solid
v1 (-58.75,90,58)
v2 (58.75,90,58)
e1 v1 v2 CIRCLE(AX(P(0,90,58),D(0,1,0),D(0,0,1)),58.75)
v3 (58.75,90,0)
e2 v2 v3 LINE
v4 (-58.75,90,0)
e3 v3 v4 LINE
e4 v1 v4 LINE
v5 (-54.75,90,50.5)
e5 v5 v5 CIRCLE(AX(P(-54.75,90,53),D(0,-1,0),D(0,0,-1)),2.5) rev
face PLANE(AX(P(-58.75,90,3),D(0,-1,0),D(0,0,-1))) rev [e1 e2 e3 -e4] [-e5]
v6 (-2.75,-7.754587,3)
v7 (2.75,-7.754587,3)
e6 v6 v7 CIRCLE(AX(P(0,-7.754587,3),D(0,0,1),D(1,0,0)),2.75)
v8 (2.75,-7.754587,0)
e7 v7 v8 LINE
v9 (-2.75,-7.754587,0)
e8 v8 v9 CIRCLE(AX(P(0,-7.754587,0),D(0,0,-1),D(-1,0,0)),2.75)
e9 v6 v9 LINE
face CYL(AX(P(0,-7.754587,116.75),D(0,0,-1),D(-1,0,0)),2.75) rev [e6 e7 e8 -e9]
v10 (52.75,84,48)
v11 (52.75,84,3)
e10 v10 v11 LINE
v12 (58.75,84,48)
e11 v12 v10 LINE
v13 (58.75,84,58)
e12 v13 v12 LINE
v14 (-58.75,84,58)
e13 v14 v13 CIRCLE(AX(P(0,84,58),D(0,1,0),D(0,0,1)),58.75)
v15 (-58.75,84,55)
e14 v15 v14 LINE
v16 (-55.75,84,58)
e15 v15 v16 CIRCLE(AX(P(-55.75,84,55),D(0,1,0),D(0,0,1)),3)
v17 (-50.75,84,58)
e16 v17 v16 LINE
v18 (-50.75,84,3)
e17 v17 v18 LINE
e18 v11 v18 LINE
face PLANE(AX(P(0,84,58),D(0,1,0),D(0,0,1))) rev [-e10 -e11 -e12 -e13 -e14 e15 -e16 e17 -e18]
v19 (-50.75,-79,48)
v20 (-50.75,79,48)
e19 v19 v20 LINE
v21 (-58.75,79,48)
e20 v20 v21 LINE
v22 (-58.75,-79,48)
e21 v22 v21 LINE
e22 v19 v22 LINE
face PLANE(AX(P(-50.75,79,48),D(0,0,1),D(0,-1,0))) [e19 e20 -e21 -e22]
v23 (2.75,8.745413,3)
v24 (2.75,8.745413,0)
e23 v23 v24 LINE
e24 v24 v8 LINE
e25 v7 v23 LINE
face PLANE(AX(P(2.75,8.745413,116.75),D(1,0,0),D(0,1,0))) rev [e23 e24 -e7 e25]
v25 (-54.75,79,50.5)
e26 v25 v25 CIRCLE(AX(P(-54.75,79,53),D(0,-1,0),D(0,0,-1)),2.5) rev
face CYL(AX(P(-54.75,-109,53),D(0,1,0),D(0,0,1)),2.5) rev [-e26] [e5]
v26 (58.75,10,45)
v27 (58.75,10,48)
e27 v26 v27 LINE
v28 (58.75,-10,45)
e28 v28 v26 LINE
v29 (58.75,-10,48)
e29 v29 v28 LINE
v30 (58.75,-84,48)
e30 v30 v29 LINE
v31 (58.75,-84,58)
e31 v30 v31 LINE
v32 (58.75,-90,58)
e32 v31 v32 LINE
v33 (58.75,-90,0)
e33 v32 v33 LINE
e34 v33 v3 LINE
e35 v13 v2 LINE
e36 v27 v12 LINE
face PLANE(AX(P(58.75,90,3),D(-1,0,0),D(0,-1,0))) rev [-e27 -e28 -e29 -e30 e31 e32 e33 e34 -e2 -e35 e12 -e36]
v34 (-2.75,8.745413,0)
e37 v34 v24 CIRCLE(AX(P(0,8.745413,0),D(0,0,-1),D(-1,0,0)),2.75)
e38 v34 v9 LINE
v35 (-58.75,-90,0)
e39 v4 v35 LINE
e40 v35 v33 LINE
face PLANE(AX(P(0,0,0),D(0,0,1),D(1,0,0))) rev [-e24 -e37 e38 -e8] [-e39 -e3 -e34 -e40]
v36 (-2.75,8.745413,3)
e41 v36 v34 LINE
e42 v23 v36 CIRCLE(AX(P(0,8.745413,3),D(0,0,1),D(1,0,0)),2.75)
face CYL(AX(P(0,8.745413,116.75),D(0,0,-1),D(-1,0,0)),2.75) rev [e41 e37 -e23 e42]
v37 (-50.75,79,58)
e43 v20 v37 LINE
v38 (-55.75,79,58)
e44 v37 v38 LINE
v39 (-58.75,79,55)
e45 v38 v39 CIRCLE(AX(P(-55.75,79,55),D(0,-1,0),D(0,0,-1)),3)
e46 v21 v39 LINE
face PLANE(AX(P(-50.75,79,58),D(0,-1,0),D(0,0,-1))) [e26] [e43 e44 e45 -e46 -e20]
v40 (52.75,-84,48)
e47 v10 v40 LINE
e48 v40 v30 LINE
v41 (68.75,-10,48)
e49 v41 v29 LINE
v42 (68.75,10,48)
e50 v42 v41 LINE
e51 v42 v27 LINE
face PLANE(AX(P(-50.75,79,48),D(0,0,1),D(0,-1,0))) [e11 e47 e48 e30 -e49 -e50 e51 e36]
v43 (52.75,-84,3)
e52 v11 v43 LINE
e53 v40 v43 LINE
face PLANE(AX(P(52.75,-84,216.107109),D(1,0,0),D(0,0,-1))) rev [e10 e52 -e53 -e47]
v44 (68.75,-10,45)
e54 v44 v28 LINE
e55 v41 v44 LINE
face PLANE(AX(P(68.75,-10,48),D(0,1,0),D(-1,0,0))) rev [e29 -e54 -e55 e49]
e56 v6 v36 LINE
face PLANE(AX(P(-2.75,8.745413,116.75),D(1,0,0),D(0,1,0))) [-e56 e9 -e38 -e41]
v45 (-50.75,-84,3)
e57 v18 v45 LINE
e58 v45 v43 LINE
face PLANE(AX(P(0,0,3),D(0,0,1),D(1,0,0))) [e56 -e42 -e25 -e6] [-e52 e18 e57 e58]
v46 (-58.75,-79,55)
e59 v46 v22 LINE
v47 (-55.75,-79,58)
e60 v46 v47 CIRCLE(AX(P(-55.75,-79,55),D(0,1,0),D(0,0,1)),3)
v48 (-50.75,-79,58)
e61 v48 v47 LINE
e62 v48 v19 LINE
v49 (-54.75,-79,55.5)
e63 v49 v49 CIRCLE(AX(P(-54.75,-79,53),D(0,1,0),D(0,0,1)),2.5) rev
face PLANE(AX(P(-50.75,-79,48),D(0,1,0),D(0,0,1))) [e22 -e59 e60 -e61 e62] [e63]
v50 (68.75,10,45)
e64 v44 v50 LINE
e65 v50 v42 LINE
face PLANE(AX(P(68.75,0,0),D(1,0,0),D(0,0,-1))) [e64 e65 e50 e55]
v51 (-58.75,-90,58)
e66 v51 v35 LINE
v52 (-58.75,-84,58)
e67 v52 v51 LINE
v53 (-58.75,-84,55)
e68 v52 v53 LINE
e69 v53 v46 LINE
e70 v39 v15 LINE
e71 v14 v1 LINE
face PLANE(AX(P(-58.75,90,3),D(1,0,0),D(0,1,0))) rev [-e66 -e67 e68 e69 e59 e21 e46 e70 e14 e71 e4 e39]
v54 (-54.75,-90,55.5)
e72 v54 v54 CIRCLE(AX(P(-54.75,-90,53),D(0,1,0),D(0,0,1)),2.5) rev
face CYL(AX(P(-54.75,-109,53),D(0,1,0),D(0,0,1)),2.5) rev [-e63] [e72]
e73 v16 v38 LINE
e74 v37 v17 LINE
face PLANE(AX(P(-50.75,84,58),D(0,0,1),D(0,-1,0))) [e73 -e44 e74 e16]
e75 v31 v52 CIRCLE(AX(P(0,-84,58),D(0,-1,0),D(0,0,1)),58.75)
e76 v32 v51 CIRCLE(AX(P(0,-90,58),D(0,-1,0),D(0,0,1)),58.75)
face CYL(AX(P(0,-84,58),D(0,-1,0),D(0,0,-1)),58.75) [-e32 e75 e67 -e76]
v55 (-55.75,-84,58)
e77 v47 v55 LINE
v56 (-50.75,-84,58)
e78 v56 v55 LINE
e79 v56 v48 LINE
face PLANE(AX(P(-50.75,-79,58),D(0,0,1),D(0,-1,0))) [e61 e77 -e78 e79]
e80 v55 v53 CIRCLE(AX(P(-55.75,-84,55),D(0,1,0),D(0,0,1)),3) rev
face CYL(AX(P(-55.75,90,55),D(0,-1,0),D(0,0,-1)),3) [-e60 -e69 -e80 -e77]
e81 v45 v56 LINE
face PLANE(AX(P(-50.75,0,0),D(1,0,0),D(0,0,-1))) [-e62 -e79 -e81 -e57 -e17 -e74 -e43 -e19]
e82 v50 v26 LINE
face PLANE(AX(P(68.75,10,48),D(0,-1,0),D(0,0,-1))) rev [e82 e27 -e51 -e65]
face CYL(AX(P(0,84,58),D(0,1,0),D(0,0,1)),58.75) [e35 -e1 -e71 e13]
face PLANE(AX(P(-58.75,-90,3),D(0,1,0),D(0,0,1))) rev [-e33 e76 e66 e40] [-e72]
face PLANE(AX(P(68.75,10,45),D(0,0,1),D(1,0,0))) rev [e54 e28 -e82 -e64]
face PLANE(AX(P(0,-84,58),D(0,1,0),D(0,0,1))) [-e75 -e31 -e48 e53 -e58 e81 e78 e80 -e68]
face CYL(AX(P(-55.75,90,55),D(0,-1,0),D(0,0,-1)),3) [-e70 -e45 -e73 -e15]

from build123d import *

# Parameters (mm, degrees)
SKETCH_2_W               = 117.5
SKETCH_2_H               = 180
EXTRUDE_2_DEPTH          = 3
EXTRUDE_5_DEPTH          = 6
EXTRUDE_START            = -6
EXTRUDE_6_DEPTH          = 6
EXTRUDE_8_DEPTH          = 8
CUT_EXTRUDE_1_DEPTH      = 188
CUT_EXTRUDE_1_DEPTH_BACK = 20
SKETCH_8_R               = 2.5
FILLET_1_R               = 3
SKETCH_10_W              = 6
SKETCH_10_H              = 168
EXTRUDE_9_DEPTH          = 45
CUT_EXTRUDE_2_DEPTH      = 159.688767718
SKETCH_12_W              = 3
SKETCH_12_H              = 20
EXTRUDE_10_DEPTH         = 10


with BuildPart() as part:
    # 草圖2 → 填料-伸長2 (new body)
    with BuildSketch(Plane.XY):
        Rectangle(SKETCH_2_W, SKETCH_2_H)
    extrude(amount=EXTRUDE_2_DEPTH)

    # 草圖4 → 填料-伸長5 (add)
    with BuildSketch(Plane.XZ.offset(90)):
        with BuildLine():
            Line((-58.75, 3), (-58.75, 58))
            ThreePointArc((-58.75, 58), (0, 116.75), (58.75, 58))
            Line((58.75, 58), (58.75, 3))
            Line((58.75, 3), (-58.75, 3))
        make_face()
    extrude(amount=-EXTRUDE_5_DEPTH)

    # 草圖5 → 填料-伸長6 (add)
    with BuildSketch(Plane(origin=(0, 90, 0), x_dir=(1, 0, 0), z_dir=(0, 1, 0)).offset(EXTRUDE_START)):
        with BuildLine():
            Line((-58.75, -3), (-58.75, -58))
            ThreePointArc((-58.75, -58), (0, -116.75), (58.75, -58))
            Line((58.75, -58), (58.75, -3))
            Line((58.75, -3), (-58.75, -3))
        make_face()
    extrude(amount=EXTRUDE_6_DEPTH)

    # 草圖7 → 填料-伸長8 (add)
    with BuildSketch(Plane.ZY.offset(58.75)):
        Polygon((3, 84), (58, 84), (58, 79), (48, 79), (48, -79), (58, -79), (58, -84), (3, -84), align=None)
    extrude(amount=-EXTRUDE_8_DEPTH)

    # 草圖8 → 除料-伸長1 (cut, two sides: drawn at the far end of the back side and taken through both)
    with BuildSketch(Plane.XZ.offset(-79).offset(-CUT_EXTRUDE_1_DEPTH_BACK)):
        with Locations(Location((-54.75, 53, 0), (0, 0, 90))):
            Circle(SKETCH_8_R)
    extrude(amount=CUT_EXTRUDE_1_DEPTH + CUT_EXTRUDE_1_DEPTH_BACK, mode=Mode.SUBTRACT)

    # 圓角1
    fillet_1_edges = [part.edges().sort_by_distance(p)[0] for p in [
        (-58.75, -81.5, 58),
        (-58.75, 81.5, 58),
    ]]
    fillet(fillet_1_edges, radius=FILLET_1_R)

    # 草圖10 → 填料-伸長9 (add)
    with BuildSketch(Plane.XY.offset(3)):
        with Locations((55.75, 0)):
            Rectangle(SKETCH_10_W, SKETCH_10_H)
    extrude(amount=EXTRUDE_9_DEPTH)

    # 草圖11 → 除料-伸長2 (cut, through all)
    with BuildSketch(Plane(origin=(0, 0, 0), x_dir=(-1, 0, 0), z_dir=(0, 0, -1))):
        with BuildLine():
            Line((2.75, 8.745412879), (2.75, -7.754587121))
            ThreePointArc((2.75, -7.754587121), (0, -10.504587121), (-2.75, -7.754587121))
            Line((-2.75, -7.754587121), (-2.75, 8.745412879))
            ThreePointArc((-2.75, 8.745412879), (0, 11.495412879), (2.75, 8.745412879))
        make_face()
    extrude(amount=-CUT_EXTRUDE_2_DEPTH, mode=Mode.SUBTRACT)

    # 草圖12 → 填料-伸長10 (add)
    with BuildSketch(Plane(origin=(58.75, 0, 0), x_dir=(0, 0, -1), z_dir=(1, 0, 0))):
        with Locations((-46.5, 0)):
            Rectangle(SKETCH_12_W, SKETCH_12_H)
    extrude(amount=EXTRUDE_10_DEPTH)


solid = part.part
